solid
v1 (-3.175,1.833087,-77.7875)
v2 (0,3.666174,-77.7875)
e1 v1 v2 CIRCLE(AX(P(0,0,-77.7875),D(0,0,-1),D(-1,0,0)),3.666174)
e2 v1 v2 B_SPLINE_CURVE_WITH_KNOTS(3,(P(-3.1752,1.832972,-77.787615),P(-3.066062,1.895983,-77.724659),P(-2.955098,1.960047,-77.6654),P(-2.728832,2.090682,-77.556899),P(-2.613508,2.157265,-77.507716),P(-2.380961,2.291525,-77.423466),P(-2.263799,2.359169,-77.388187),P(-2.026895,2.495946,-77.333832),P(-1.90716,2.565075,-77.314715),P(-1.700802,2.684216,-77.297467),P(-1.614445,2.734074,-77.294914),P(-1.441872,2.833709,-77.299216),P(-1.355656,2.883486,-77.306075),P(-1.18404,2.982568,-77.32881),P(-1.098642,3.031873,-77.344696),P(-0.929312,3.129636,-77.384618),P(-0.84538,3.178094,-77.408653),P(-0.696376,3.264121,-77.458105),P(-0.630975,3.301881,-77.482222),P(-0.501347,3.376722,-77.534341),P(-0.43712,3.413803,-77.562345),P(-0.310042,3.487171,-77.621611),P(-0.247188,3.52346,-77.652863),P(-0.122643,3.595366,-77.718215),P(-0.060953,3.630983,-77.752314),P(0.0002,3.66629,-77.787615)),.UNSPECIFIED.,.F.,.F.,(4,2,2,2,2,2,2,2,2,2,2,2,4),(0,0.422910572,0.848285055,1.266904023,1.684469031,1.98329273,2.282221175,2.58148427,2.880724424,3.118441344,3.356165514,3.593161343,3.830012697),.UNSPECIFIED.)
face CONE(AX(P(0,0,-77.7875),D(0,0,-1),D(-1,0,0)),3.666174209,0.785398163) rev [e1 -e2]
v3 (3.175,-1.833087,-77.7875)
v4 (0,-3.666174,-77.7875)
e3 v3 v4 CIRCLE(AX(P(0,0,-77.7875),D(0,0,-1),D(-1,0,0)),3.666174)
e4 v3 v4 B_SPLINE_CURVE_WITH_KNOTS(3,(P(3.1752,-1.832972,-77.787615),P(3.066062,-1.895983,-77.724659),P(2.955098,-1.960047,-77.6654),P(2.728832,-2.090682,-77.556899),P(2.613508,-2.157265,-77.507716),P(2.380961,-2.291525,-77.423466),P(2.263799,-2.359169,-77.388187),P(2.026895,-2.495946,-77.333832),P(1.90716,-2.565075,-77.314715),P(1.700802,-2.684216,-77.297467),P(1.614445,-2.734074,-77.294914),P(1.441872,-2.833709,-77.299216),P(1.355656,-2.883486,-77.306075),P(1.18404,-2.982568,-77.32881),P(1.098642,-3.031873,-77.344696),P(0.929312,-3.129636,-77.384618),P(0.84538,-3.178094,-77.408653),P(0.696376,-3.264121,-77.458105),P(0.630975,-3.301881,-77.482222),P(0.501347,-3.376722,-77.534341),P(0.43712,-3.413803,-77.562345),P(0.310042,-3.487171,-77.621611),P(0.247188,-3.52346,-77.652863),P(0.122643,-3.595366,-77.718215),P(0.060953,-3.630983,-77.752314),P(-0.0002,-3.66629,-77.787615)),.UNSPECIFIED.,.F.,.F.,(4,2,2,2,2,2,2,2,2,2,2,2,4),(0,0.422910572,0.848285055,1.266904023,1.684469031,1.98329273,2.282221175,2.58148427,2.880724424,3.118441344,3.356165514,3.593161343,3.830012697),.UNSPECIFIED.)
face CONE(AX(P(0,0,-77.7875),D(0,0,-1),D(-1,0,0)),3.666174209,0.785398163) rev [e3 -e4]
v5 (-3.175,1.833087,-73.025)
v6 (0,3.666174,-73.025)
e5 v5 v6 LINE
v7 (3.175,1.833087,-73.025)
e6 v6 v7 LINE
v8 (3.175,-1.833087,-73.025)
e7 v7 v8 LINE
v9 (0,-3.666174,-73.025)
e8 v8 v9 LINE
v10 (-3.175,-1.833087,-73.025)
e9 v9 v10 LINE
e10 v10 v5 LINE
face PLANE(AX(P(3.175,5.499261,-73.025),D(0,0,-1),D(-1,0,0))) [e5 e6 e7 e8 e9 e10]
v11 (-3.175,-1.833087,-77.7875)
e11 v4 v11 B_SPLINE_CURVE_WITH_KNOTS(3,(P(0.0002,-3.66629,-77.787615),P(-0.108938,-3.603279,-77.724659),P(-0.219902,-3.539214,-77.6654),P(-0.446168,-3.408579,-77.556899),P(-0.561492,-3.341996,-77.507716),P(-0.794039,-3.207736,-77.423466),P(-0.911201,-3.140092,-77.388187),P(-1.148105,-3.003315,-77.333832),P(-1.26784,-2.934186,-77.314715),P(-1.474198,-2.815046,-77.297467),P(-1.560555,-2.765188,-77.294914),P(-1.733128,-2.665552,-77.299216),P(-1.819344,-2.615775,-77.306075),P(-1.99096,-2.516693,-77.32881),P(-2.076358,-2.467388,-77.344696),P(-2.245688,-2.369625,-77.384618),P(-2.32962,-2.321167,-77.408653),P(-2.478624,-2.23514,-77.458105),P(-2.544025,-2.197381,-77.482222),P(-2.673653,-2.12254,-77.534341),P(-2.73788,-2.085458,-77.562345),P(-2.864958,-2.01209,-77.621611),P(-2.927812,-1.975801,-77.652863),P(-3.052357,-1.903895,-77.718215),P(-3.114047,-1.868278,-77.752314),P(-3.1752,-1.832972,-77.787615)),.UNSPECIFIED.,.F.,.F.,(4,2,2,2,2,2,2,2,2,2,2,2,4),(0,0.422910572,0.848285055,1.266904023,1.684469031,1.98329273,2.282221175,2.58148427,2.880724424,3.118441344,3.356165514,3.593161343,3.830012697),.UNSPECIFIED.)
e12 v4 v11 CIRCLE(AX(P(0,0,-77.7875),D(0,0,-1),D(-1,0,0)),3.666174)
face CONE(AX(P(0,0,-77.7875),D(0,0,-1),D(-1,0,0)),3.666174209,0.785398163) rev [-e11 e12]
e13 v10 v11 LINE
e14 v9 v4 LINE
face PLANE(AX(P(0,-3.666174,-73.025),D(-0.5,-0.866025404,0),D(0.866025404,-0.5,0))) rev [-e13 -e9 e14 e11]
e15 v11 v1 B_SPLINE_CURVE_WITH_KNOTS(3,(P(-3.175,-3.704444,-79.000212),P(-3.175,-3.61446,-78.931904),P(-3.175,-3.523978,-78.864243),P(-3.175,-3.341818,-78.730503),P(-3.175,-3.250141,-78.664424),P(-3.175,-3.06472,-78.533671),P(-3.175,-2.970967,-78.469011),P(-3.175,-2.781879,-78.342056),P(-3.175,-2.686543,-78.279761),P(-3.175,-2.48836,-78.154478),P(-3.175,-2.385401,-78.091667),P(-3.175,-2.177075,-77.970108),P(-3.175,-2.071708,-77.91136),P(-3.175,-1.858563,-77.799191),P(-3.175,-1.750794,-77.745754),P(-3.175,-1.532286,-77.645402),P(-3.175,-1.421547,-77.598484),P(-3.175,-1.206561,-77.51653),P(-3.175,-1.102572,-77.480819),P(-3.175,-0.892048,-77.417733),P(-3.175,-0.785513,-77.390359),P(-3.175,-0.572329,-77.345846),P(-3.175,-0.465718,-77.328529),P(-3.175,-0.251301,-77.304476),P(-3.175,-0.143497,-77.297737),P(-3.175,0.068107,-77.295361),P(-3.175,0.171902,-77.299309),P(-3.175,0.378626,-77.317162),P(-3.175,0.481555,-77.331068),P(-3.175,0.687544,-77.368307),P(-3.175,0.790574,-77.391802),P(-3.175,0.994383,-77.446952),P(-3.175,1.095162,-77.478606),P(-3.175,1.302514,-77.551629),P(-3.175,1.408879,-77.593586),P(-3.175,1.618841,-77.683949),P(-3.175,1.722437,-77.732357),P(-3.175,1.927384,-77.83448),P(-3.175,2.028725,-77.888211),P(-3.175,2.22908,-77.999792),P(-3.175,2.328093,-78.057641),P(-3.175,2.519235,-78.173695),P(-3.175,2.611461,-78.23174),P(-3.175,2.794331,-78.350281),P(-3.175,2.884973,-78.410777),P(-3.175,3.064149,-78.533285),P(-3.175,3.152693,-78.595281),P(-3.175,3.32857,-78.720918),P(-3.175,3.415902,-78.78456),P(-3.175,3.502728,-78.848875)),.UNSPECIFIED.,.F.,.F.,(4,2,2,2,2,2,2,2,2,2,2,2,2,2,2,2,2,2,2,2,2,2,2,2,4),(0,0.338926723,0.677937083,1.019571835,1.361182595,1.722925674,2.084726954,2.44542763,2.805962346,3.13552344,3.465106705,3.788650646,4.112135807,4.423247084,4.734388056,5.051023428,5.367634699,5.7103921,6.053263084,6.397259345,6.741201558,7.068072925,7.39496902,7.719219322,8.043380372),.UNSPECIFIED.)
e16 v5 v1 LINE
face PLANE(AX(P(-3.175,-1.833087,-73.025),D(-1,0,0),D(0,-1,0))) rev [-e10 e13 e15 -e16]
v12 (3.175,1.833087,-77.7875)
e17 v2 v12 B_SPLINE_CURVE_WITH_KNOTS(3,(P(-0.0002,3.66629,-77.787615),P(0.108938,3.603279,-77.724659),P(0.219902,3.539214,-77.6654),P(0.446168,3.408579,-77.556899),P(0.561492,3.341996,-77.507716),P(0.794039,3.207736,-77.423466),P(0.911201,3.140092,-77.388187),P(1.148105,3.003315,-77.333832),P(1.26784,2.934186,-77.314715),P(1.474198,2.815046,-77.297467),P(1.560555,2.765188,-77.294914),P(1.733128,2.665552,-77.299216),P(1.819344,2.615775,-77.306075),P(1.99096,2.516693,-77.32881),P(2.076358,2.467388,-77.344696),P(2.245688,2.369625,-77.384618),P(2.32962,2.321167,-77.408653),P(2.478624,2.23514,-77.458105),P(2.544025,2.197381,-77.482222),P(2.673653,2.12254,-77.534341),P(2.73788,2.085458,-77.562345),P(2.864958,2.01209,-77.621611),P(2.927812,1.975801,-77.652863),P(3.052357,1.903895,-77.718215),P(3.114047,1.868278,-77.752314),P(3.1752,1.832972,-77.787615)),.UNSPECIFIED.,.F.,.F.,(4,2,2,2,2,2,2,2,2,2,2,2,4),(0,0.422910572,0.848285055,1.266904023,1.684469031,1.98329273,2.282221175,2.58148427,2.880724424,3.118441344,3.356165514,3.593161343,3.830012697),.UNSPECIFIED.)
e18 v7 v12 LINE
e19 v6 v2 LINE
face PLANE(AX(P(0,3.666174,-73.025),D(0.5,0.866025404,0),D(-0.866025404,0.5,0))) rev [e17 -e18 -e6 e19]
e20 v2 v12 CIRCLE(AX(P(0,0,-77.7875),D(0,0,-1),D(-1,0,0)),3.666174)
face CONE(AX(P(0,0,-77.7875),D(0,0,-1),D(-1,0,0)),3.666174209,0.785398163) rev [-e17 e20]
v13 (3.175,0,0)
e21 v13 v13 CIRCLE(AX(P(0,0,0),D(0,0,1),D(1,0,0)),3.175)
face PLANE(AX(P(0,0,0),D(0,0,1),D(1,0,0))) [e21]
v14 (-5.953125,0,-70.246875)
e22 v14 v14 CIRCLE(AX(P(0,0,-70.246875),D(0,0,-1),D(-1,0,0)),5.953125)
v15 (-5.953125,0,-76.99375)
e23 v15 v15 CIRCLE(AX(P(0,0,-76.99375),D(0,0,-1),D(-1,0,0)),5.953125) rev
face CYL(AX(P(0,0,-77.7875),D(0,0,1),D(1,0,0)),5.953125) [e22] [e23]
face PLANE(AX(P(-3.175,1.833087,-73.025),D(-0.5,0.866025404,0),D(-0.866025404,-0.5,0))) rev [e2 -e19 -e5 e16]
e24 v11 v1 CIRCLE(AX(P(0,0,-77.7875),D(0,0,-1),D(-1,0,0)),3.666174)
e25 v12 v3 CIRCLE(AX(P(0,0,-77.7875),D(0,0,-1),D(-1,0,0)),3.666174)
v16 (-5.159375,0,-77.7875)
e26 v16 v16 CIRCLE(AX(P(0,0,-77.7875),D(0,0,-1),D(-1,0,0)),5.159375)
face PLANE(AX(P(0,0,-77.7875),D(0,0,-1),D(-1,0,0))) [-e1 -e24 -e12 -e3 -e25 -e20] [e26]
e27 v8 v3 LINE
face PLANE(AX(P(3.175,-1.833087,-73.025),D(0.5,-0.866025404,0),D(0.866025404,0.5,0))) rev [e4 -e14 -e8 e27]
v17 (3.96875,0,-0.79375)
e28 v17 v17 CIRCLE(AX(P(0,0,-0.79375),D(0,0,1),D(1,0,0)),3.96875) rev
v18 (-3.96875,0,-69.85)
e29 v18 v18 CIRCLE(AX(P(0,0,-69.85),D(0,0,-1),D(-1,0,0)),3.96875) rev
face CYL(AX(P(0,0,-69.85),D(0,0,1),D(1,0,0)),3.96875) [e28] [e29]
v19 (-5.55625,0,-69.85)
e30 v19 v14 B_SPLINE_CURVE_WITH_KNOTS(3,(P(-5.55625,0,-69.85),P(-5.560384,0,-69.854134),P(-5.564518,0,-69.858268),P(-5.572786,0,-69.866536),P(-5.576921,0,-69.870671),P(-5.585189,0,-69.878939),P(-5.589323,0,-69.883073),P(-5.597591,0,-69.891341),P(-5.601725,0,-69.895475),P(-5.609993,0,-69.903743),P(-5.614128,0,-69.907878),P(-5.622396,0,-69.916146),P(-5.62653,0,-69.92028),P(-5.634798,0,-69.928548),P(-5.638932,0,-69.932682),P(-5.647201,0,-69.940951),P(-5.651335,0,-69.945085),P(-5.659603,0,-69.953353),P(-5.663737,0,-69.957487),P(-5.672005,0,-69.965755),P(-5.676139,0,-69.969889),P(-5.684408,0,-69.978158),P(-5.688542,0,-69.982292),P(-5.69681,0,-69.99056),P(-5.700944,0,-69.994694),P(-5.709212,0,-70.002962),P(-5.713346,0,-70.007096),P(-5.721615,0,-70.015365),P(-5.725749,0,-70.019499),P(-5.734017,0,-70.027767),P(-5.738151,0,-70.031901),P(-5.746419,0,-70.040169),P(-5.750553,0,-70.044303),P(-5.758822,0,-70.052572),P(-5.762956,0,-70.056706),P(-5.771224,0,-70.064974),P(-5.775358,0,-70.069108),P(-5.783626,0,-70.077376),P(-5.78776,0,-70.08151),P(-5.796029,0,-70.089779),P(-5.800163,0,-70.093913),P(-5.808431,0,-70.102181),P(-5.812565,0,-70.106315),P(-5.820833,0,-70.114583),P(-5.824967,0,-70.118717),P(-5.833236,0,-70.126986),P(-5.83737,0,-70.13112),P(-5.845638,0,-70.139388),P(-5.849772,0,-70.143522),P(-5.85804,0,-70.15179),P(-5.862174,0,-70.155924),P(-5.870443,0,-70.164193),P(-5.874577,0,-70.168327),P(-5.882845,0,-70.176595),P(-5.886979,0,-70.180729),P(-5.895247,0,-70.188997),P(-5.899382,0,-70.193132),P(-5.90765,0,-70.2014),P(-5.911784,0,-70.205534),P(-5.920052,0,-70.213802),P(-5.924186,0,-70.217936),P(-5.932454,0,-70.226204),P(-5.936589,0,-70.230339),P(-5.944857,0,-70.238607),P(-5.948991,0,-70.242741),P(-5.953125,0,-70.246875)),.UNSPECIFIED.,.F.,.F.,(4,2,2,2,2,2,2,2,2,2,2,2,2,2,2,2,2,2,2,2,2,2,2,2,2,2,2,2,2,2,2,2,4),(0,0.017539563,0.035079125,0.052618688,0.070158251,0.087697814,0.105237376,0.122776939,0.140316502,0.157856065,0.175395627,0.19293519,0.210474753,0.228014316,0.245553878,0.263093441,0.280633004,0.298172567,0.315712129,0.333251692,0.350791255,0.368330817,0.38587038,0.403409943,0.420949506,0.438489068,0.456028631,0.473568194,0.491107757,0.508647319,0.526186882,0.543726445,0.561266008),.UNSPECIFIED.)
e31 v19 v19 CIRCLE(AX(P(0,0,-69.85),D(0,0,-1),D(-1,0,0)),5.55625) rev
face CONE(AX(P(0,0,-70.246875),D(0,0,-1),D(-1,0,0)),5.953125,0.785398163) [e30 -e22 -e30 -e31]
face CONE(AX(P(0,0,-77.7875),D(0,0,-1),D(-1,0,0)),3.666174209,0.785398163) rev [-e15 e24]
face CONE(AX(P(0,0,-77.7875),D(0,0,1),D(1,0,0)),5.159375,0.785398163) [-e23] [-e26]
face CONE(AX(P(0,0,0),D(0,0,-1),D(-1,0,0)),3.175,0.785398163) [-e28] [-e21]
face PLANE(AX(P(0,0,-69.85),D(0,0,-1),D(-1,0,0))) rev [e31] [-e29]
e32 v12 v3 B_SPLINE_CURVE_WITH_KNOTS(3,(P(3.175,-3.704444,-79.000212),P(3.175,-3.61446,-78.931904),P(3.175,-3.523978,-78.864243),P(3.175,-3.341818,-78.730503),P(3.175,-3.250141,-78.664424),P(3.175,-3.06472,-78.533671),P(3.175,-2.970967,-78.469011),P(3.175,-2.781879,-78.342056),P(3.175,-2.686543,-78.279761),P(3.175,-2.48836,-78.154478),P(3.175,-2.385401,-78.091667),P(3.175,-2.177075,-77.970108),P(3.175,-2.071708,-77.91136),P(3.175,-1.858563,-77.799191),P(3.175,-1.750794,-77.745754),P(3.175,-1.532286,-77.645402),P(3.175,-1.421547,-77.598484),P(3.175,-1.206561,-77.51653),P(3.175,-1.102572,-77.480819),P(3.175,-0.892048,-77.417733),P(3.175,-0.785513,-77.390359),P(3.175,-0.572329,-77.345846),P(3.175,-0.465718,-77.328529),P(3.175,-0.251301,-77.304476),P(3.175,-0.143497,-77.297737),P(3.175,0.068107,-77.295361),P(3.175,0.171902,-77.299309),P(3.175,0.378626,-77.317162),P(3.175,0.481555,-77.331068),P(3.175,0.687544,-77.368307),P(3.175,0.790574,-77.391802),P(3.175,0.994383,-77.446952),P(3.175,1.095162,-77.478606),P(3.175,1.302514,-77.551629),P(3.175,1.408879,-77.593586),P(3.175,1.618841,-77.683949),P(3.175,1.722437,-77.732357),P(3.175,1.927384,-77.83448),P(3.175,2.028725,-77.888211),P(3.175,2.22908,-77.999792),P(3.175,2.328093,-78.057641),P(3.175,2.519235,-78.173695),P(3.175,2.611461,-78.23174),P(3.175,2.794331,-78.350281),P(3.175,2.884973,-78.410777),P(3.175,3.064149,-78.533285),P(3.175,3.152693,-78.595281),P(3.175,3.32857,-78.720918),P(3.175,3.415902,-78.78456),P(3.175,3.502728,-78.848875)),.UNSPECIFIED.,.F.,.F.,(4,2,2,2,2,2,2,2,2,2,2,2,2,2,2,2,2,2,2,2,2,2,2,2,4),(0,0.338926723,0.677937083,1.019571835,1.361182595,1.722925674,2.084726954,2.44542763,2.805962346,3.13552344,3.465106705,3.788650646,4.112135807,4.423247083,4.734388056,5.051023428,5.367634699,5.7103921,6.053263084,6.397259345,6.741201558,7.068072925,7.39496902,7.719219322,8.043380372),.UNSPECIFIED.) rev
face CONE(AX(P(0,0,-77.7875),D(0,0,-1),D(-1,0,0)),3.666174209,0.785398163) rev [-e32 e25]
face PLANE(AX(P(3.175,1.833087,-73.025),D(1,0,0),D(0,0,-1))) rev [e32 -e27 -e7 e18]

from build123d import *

# Parameters (mm, degrees)
SKETCH1_R          = 3.96875
EXTRUDE1_DEPTH     = 69.85
CHAMFER3_SIZE      = 0.79375
SKETCH6_R          = 5.953125
EXTRUDE2_DEPTH     = 7.9375
CUT_EXTRUDE1_DEPTH = 4.7625
SKETCH8_R          = 3.666174209
CUT_EXTRUDE2_DEPTH = 0.79375
CUT_EXTRUDE2_DRAFT = -45
CHAMFER1_SIZE      = 0.79375
CHAMFER2_SIZE      = 0.396875


with BuildPart() as part:
    # Sketch1 → Extrude1 (new body)
    with BuildSketch(Plane.XY):
        Circle(SKETCH1_R)
    extrude(amount=-EXTRUDE1_DEPTH)

    # Chamfer3
    chamfer3_edges = [part.edges().sort_by_distance(p)[0] for p in [
        (-3.96875, 0, 0),
    ]]
    chamfer(chamfer3_edges, length=CHAMFER3_SIZE)

    # Sketch5 → partially thread (revolve)
    with BuildSketch(Plane(origin=(0, 0, 0), x_dir=(0, 0, -1), z_dir=(1, 0, 0))):
        Polygon((69.85, 3.96875), (28.575, 3.96875), (24.60625, 0), (28.575, 0), (69.85, 0), align=None)
    revolve(axis=Axis((0, 0, 0), (0, 0, -1)))

    # Sketch6 → Extrude2 (add)
    with BuildSketch(Plane(origin=(0, 0, -69.85), x_dir=(-1, 0, 0), z_dir=(0, 0, -1))):
        Circle(SKETCH6_R)
    extrude(amount=EXTRUDE2_DEPTH)

    # Sketch7 → Cut-Extrude1 (cut)
    with BuildSketch(Plane(origin=(0, 0, -77.7875), x_dir=(-1, 0, 0), z_dir=(0, 0, -1))):
        Polygon((0, 3.666174209), (-3.175, 1.833087105), (-3.175, -1.833087105), (0, -3.666174209), (3.175, -1.833087105), (3.175, 1.833087105), align=None)
    extrude(amount=-CUT_EXTRUDE1_DEPTH, mode=Mode.SUBTRACT)


with BuildPart() as cut_extrude2_tool:
    # Sketch8 → Cut-Extrude2 (with draft: the straight prism first)
    with BuildSketch(Plane(origin=(0, 0, -77.7875), x_dir=(-1, 0, 0), z_dir=(0, 0, -1))):
        Circle(SKETCH8_R)
    extrude(amount=-CUT_EXTRUDE2_DEPTH)
    # Cut-Extrude2: the draft: its side faces are tilted about the plane it starts from
    cut_extrude2_sides = [cut_extrude2_tool.faces().sort_by_distance(p)[0] for p in [
        (3.666174209, 0, -77.390625),
    ]]
    draft(cut_extrude2_sides, Plane(origin=(0, 0, -77.7875), x_dir=(-1, 0, 0), z_dir=(0, 0, -1)), CUT_EXTRUDE2_DRAFT)


with BuildPart() as part_1:
    add(part.part)

    # Cut-Extrude2: cut by cut_extrude2_tool
    add(cut_extrude2_tool.part, mode=Mode.SUBTRACT)

    # Chamfer1
    chamfer1_edges = [part_1.edges().sort_by_distance(p)[0] for p in [
        (5.953125, 0, -77.7875),
    ]]
    chamfer(chamfer1_edges, length=CHAMFER1_SIZE)

    # Chamfer2
    chamfer2_edges = [part_1.edges().sort_by_distance(p)[0] for p in [
        (5.953125, 0, -69.85),
    ]]
    chamfer(chamfer2_edges, length=CHAMFER2_SIZE)


solid = part_1.part
